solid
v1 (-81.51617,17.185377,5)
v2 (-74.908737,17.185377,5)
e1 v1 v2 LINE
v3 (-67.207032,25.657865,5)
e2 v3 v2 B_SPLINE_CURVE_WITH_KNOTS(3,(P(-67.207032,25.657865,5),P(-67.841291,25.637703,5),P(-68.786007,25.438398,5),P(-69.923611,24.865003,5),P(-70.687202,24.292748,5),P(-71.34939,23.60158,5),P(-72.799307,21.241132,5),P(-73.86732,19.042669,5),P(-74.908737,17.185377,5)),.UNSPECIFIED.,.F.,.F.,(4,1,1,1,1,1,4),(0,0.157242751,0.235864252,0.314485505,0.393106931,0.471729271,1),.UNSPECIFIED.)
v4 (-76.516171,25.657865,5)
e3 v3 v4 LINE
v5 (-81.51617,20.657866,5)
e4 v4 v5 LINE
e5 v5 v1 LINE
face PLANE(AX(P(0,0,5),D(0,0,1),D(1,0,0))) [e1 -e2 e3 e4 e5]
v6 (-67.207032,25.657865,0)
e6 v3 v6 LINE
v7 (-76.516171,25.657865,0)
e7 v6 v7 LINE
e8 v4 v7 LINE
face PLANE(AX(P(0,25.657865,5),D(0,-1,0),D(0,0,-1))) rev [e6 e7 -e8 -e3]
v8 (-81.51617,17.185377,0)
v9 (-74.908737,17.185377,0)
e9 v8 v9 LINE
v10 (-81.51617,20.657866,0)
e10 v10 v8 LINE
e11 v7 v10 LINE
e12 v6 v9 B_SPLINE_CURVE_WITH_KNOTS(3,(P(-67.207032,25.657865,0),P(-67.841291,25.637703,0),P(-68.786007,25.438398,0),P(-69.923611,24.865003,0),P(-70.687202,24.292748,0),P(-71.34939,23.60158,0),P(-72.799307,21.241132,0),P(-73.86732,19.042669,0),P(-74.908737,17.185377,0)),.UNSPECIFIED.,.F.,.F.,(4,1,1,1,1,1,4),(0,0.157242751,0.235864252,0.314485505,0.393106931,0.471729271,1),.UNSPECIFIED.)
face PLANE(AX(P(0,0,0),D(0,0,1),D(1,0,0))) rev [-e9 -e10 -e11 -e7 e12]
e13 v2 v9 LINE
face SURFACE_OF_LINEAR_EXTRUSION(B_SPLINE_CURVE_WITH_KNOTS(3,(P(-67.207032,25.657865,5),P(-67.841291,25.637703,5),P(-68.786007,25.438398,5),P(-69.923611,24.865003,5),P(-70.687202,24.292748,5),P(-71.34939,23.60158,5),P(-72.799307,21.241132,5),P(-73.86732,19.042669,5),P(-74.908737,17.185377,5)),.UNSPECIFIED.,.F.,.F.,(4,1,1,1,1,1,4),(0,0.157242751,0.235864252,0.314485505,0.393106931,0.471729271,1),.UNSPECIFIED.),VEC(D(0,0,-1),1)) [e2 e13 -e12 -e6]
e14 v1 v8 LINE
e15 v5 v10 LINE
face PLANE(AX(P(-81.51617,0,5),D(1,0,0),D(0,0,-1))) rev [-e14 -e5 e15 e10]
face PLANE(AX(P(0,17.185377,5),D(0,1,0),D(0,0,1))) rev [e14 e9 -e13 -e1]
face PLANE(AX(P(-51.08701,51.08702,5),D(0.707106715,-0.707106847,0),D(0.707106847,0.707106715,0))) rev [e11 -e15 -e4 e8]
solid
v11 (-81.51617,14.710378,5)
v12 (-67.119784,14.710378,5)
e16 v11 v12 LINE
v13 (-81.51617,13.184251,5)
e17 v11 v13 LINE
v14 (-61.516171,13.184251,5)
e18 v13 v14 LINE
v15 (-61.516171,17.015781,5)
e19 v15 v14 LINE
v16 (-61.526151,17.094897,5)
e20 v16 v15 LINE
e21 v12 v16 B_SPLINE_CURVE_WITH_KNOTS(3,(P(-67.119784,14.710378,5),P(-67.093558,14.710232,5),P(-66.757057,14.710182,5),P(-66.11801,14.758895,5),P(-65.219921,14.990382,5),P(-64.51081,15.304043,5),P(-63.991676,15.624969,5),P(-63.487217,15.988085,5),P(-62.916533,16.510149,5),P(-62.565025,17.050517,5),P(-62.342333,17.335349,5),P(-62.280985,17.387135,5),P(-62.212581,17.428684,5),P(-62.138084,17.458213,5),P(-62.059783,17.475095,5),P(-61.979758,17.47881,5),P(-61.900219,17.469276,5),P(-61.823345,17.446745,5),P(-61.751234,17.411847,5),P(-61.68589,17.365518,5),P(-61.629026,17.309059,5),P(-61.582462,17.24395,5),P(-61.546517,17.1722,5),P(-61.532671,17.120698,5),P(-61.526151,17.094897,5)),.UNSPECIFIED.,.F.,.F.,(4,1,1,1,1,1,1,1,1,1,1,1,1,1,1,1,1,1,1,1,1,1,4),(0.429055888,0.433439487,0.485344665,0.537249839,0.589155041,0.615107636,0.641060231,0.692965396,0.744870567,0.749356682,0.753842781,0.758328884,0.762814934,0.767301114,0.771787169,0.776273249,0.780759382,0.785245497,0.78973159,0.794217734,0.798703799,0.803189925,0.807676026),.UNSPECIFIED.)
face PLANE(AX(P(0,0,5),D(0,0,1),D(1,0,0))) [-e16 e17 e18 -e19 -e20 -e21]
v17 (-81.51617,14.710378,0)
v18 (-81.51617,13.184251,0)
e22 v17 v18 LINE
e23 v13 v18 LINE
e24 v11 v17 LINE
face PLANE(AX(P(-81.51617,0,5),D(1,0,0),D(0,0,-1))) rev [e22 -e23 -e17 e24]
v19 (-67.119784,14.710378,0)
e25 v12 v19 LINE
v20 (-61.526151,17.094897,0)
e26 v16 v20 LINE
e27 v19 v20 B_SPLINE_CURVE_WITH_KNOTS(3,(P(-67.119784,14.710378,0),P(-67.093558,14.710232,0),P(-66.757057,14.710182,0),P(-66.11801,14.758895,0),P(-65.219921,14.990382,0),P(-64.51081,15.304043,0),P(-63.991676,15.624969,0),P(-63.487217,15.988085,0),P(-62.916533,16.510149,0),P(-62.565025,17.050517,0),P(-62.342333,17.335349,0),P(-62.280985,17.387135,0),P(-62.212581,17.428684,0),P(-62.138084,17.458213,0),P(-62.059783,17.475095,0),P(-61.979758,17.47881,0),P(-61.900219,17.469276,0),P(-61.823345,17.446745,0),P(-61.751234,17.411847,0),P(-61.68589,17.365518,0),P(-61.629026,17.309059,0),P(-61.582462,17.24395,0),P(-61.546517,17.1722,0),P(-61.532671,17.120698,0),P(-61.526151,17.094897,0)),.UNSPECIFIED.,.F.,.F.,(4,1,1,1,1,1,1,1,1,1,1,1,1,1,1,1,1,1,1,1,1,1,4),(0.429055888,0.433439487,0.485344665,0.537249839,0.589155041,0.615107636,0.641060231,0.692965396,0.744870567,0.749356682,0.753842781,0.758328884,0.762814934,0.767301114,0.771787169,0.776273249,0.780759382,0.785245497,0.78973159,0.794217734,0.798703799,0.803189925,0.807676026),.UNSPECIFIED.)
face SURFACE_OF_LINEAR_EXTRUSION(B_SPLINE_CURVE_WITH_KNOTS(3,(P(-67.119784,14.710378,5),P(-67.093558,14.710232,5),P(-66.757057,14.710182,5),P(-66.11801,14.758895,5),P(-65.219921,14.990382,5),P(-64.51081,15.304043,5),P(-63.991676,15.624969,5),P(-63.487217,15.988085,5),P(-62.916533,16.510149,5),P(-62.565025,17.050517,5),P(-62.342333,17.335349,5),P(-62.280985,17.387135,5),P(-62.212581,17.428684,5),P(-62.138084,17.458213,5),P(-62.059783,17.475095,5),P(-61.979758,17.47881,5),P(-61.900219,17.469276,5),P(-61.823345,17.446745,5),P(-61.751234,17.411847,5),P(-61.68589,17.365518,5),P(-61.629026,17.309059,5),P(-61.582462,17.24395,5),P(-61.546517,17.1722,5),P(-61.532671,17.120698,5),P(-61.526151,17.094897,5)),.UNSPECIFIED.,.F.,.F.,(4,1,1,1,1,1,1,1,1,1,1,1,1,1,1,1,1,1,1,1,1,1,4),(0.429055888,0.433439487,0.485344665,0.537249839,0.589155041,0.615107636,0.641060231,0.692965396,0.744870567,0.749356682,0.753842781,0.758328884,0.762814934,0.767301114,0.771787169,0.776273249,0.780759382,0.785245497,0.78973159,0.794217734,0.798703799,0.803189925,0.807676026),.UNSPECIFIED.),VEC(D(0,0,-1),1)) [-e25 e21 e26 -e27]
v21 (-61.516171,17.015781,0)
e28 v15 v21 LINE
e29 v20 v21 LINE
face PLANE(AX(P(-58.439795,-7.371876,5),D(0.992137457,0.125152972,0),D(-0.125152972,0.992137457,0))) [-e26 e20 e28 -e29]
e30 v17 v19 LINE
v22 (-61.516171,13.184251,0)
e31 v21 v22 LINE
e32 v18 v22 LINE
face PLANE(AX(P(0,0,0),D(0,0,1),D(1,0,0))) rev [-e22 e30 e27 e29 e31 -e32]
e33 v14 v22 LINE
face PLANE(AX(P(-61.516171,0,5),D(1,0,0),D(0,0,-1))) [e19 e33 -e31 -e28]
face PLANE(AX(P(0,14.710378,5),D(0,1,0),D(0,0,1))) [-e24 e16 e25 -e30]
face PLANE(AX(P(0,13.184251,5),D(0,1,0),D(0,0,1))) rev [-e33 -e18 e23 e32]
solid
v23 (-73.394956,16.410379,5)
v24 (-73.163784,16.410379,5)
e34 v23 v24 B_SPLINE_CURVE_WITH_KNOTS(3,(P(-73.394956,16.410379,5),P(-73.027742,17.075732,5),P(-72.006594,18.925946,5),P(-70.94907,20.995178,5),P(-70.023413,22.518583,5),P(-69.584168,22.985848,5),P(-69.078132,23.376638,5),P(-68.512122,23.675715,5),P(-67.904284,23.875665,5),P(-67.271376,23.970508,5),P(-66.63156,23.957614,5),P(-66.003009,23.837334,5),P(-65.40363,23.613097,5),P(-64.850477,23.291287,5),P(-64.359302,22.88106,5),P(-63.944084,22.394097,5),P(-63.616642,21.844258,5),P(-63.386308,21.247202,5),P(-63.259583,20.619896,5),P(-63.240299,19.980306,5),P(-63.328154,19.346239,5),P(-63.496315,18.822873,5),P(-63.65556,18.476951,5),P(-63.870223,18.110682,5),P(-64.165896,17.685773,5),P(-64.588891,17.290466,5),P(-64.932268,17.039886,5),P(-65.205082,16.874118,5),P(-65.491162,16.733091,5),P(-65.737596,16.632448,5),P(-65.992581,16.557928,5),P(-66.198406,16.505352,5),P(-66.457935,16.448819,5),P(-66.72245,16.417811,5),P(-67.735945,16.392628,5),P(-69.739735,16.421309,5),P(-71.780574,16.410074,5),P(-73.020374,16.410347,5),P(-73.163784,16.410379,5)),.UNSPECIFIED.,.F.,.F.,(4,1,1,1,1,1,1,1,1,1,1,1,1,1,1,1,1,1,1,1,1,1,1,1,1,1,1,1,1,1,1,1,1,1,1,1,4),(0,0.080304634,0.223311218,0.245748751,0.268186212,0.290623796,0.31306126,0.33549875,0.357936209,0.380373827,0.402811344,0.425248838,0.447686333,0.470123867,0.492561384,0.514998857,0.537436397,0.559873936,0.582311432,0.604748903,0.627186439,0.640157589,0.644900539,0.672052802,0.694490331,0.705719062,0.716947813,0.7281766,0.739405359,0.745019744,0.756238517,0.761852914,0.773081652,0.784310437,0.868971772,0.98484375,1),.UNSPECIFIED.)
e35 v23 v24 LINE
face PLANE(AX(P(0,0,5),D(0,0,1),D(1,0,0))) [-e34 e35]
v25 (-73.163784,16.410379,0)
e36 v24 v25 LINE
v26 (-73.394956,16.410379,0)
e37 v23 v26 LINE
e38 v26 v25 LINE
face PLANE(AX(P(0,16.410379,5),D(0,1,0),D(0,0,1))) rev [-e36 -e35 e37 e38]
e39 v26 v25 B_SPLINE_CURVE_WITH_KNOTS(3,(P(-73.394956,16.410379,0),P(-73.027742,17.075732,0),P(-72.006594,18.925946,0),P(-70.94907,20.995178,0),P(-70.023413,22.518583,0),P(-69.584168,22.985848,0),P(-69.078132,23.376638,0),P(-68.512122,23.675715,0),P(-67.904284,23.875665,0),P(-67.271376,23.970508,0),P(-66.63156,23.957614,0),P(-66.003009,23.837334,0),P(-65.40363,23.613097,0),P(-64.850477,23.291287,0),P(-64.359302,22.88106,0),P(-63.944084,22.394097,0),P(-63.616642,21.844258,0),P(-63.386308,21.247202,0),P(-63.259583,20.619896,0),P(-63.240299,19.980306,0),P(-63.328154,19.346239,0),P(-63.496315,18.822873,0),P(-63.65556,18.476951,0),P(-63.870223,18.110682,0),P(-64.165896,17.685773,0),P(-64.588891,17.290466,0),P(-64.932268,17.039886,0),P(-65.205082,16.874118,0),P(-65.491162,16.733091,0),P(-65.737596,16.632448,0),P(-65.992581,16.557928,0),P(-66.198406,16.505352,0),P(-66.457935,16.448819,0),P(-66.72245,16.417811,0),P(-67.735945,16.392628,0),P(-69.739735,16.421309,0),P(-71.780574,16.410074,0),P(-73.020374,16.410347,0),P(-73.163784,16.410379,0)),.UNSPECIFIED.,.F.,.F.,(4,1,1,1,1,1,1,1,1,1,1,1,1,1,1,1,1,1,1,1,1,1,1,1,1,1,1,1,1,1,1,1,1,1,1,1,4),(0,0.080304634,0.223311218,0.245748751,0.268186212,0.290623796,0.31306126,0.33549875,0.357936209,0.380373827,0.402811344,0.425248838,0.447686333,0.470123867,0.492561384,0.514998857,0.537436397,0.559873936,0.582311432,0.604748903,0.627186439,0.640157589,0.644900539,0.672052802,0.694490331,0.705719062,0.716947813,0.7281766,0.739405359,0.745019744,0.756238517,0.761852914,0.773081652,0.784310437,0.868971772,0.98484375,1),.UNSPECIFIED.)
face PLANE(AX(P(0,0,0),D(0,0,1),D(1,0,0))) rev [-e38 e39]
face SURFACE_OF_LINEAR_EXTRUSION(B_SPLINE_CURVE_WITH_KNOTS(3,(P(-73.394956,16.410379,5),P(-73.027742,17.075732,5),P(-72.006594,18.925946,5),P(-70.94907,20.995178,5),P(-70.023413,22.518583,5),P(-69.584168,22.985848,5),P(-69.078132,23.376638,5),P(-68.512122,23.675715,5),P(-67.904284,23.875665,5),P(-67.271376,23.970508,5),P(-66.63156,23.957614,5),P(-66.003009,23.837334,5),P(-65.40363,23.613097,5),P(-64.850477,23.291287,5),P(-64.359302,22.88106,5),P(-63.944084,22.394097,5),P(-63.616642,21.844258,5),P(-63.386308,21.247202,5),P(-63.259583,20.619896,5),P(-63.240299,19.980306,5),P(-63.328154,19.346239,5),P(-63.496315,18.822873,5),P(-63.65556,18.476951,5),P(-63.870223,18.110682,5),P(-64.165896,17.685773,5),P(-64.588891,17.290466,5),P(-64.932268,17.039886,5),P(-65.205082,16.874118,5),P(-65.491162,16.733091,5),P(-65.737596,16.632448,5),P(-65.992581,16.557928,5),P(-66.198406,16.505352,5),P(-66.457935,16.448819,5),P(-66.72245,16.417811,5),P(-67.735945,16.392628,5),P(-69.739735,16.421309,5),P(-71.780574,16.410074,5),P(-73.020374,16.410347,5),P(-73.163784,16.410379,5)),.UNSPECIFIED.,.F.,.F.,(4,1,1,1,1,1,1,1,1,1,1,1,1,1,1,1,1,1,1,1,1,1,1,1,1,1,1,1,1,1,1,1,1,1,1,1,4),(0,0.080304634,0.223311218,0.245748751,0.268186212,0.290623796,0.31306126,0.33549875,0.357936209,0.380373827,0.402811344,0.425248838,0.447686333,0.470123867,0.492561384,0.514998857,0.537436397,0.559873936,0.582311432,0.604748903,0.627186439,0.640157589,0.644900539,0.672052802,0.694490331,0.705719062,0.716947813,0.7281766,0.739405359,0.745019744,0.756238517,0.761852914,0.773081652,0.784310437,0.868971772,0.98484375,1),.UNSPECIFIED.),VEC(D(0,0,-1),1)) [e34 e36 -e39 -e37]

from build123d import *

# Parameters (mm, degrees)
BOSS_EXTRUDE1_DEPTH   = 5
BOSS_EXTRUDE1_2_DEPTH = 5
BOSS_EXTRUDE1_3_DEPTH = 5


with BuildPart() as part:
    # Sketch1 → Boss-Extrude1 (new body)
    with BuildSketch(Plane.XY):
        with BuildLine():
            Line((-76.51617055, 25.657864512), (-81.516170438, 20.657865555))
            Line((-81.516170438, 20.657865555), (-81.516170438, 17.185377182))
            Line((-81.516170438, 17.185377182), (-74.908736657, 17.185377182))
            add(Edge.make_bspline(
                [(-67.207032379, 25.657864512), (-67.841291205, 25.637703186), (-68.786007307, 25.438398136), (-69.92361055, 24.865003449), (-70.687202143, 24.292747989), (-71.349390259, 23.60157988), (-72.799306585, 21.241131816), (-73.867320183, 19.042669196), (-74.908736657, 17.185377182)],
                knots=[0, 0, 0, 0, 0.157242751, 0.235864252, 0.314485505, 0.393106931, 0.471729271, 1, 1, 1, 1], degree=3))
            Line((-67.207032379, 25.657864512), (-76.51617055, 25.657864512))
        make_face()
    extrude(amount=BOSS_EXTRUDE1_DEPTH)


with BuildPart() as body_2:
    # Sketch1 → Boss-Extrude1 2 (new body)
    with BuildSketch(Plane.XY):
        with BuildLine():
            add(Edge.make_bspline(
                [(-73.394955631, 16.410378964), (-73.027741911, 17.075731885), (-72.006593585, 18.92594604), (-70.949070194, 20.995177978), (-70.023413086, 22.518583228), (-69.58416794, 22.985848415), (-69.078131783, 23.376638303), (-68.512122047, 23.67571545), (-67.904284314, 23.875664619), (-67.271376225, 23.970507697), (-66.631559551, 23.957613713), (-66.003009348, 23.837333703), (-65.403629883, 23.613096715), (-64.850477427, 23.291286974), (-64.359302234, 22.88105956), (-63.944084412, 22.394097336), (-63.616641687, 21.844257809), (-63.386308, 21.247202264), (-63.259583254, 20.619896495), (-63.240299322, 19.980305713), (-63.328153933, 19.346239154), (-63.496315171, 18.822873267), (-63.655559595, 18.476950741), (-63.870222743, 18.110681823), (-64.165895591, 17.685772713), (-64.58889088, 17.290465931), (-64.932267574, 17.039885804), (-65.205082211, 16.874118433), (-65.49116247, 16.73309075), (-65.737595602, 16.632447716), (-65.992580682, 16.557928262), (-66.198406139, 16.505351645), (-66.457934661, 16.448819283), (-66.722449899, 16.417811158), (-67.735945429, 16.392628307), (-69.739735374, 16.421308639), (-71.780574498, 16.410073592), (-73.020374226, 16.410347303), (-73.163783896, 16.410378964)],
                knots=[0, 0, 0, 0, 0.080304634, 0.223311218, 0.245748751, 0.268186212, 0.290623796, 0.31306126, 0.33549875, 0.357936209, 0.380373827, 0.402811344, 0.425248838, 0.447686333, 0.470123867, 0.492561384, 0.514998857, 0.537436397, 0.559873936, 0.582311432, 0.604748903, 0.627186439, 0.640157589, 0.644900539, 0.672052802, 0.694490331, 0.705719062, 0.716947813, 0.7281766, 0.739405359, 0.745019744, 0.756238517, 0.761852914, 0.773081652, 0.784310437, 0.868971772, 0.98484375, 1, 1, 1, 1], degree=3))
            Line((-73.394955631, 16.410378964), (-73.163783896, 16.410378964))
        make_face()
    extrude(amount=BOSS_EXTRUDE1_2_DEPTH)


with BuildPart() as body_3:
    # Sketch1 → Boss-Extrude1 3 (new body)
    with BuildSketch(Plane.XY):
        with BuildLine():
            Line((-81.516170438, 14.710378126), (-81.516170438, 13.184251488))
            Line((-81.516170438, 13.184251488), (-61.516170885, 13.184251488))
            Line((-61.516170885, 13.184251488), (-61.516170885, 17.015781478))
            Line((-61.516170885, 17.015781478), (-61.526150938, 17.094897331))
            add(Edge.make_bspline(
                [(-67.041171279, 14.710378126), (-66.731164983, 14.712155209), (-66.118009533, 14.758894563), (-65.219920502, 14.990382477), (-64.510809923, 15.304042858), (-63.991676042, 15.62496919), (-63.487216529, 15.988085062), (-62.916532724, 16.510148844), (-62.565024786, 17.050517279), (-62.342332632, 17.335349088), (-62.280984894, 17.387135132), (-62.212581007, 17.428684217), (-62.138083735, 17.458213304), (-62.059783405, 17.475095094), (-61.979757887, 17.478809868), (-61.900219285, 17.469275828), (-61.823344916, 17.446744662), (-61.751234141, 17.41184652), (-61.685889623, 17.365518046), (-61.629025833, 17.309058934), (-61.582461873, 17.243950175), (-61.546517334, 17.172199755), (-61.532671384, 17.120697681), (-61.526150938, 17.094897331)],
                knots=[0.433439487, 0.433439487, 0.433439487, 0.433439487, 0.485344665, 0.537249839, 0.589155041, 0.615107636, 0.641060231, 0.692965396, 0.744870567, 0.749356682, 0.753842781, 0.758328884, 0.762814934, 0.767301114, 0.771787169, 0.776273249, 0.780759382, 0.785245497, 0.78973159, 0.794217734, 0.798703799, 0.803189925, 0.807676026, 0.807676026, 0.807676026, 0.807676026], degree=3))
            Line((-67.041171279, 14.710378126), (-81.516170438, 14.710378126))
        make_face()
    extrude(amount=BOSS_EXTRUDE1_3_DEPTH)


solid = Compound([part.part, body_2.part, body_3.part])
